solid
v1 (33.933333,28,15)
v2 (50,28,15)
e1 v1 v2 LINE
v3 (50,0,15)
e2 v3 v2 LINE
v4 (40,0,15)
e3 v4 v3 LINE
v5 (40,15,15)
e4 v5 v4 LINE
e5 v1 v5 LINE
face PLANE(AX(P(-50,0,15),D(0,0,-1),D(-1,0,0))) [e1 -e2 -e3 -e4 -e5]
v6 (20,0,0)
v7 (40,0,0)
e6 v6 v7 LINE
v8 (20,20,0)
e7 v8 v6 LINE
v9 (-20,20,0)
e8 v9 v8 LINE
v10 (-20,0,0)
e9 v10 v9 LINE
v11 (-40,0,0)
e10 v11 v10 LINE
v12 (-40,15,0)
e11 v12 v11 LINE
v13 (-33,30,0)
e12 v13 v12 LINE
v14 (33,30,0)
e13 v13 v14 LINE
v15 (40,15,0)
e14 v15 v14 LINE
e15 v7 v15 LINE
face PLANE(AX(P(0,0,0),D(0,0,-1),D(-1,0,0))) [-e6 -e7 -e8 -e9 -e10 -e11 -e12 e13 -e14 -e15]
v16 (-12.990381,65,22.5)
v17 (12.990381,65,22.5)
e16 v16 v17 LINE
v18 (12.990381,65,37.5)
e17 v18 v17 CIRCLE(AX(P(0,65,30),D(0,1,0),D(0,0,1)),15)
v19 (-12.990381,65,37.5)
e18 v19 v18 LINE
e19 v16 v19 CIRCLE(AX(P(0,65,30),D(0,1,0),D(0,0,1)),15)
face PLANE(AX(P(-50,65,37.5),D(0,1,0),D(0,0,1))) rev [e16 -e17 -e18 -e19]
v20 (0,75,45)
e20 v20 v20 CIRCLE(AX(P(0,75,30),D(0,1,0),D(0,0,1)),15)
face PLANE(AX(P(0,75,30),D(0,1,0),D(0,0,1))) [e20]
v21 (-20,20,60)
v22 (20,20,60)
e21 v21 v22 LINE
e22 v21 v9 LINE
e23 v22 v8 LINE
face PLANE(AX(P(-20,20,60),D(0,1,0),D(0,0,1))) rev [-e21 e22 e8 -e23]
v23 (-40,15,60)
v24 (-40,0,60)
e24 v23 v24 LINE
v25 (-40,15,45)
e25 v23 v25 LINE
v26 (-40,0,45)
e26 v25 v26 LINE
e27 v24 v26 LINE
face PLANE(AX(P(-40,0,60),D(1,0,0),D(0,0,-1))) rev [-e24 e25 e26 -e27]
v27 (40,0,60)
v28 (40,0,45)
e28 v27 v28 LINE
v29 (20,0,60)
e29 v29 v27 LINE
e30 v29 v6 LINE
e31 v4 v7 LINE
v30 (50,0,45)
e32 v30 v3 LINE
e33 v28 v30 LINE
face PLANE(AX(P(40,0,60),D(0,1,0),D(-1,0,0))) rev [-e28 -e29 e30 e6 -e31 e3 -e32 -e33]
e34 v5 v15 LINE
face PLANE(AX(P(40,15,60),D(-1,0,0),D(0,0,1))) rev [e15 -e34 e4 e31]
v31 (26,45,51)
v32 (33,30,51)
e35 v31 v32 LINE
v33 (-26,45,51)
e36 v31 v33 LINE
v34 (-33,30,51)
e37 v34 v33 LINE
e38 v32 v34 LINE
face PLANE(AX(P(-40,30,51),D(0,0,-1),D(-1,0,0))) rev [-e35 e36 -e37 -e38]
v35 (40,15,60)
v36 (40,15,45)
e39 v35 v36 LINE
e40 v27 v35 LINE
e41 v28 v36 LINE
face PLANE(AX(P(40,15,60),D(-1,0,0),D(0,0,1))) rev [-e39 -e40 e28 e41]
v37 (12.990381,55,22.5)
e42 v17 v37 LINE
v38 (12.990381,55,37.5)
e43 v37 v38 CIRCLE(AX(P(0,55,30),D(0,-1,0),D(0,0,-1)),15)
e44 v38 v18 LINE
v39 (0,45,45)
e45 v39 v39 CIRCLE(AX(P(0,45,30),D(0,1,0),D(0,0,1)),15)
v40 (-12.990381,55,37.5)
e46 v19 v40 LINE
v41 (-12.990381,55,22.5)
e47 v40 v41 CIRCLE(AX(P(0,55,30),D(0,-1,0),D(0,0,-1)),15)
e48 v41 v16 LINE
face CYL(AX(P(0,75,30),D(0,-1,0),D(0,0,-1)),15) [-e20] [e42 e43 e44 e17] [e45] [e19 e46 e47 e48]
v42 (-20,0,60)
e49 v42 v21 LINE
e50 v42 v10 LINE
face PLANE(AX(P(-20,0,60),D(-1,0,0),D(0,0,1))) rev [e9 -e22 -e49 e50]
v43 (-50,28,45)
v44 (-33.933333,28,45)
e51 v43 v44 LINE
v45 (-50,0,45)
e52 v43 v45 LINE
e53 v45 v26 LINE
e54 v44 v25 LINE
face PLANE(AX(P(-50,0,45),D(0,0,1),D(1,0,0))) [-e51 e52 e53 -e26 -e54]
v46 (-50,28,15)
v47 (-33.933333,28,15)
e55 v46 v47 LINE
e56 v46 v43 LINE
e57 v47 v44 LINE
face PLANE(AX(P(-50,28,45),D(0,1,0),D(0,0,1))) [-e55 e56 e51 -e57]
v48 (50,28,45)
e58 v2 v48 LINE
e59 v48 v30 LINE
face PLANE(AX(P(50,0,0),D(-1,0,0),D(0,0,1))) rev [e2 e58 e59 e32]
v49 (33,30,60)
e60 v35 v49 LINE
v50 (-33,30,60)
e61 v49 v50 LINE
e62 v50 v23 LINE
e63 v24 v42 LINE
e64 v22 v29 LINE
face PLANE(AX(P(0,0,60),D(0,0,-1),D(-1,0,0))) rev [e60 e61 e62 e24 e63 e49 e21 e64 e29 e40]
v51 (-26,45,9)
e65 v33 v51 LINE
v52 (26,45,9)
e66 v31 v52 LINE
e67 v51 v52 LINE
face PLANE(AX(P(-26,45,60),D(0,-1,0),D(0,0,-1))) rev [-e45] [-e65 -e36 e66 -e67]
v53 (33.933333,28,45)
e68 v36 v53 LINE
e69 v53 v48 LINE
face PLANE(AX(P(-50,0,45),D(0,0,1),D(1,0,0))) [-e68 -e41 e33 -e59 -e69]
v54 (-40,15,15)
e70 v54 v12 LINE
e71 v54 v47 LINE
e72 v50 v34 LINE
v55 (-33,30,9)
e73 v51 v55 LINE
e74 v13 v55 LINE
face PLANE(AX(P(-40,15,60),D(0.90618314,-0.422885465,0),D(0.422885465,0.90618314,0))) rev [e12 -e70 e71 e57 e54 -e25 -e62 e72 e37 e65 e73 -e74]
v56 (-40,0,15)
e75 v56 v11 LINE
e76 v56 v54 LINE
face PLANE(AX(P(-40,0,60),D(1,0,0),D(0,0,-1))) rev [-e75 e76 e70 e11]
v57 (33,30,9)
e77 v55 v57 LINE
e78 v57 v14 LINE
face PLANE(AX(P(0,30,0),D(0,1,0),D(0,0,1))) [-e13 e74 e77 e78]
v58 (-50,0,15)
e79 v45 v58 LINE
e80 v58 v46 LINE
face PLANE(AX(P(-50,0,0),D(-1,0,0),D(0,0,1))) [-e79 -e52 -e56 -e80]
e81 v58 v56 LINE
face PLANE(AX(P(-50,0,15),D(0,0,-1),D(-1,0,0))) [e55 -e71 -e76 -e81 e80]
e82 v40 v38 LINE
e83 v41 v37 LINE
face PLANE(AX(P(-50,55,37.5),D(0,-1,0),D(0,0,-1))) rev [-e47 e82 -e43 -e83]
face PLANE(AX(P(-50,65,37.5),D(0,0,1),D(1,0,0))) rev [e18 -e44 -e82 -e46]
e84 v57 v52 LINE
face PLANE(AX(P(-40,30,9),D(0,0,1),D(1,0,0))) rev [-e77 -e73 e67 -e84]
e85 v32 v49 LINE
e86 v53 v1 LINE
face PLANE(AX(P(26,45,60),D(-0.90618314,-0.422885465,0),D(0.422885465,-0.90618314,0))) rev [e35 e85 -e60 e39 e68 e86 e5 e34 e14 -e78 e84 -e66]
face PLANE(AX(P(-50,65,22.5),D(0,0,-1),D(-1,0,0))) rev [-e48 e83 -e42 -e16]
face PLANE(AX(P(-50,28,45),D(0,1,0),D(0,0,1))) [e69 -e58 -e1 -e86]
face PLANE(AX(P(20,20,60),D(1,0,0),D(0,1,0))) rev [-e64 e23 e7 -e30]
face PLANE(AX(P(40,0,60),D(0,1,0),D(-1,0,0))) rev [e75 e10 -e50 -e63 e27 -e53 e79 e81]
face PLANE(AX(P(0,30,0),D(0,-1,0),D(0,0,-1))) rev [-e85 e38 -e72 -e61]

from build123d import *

# Parameters (mm, degrees)
BOSS_EXTRUDE1_DEPTH      = 60
SKETCH7_W                = 80
SKETCH7_H                = 9
CUT_EXTRUDE4_DEPTH       = 15
SKETCH8_R                = 15
BOSS_EXTRUDE2_DEPTH      = 30
BOSS_EXTRUDE3_DEPTH      = 90
BOSS_EXTRUDE3_DEPTH_BACK = 10
SKETCH10_W               = 30
SKETCH10_H               = 28
SKETCH12_W               = 40
SKETCH12_H               = 20
CUT_EXTRUDE5_DEPTH       = 90
CUT_EXTRUDE6_DEPTH       = 109.282039139
CUT_EXTRUDE6_DEPTH_BACK  = 109.282039139
SKETCH13_W               = 15
SKETCH13_H               = 10


with BuildPart() as part:
    # Sketch1 → Boss-Extrude1 (new body)
    with BuildSketch(Plane.XY):
        Polygon((40, 0), (20, 0), (20, 20), (-20, 20), (-20, 0), (-40, 0), (-40, 15), (-26, 45), (26, 45), (40, 15), align=None)
    extrude(amount=BOSS_EXTRUDE1_DEPTH)

    # Sketch7 → Cut-Extrude4 (cut)
    with BuildSketch(Plane(origin=(0, 45, 0), x_dir=(1, 0, 0), z_dir=(0, 1, 0))):
        with Locations((0, -4.5)):
            Rectangle(SKETCH7_W, SKETCH7_H)
        with Locations((0, -55.5)):
            Rectangle(SKETCH7_W, SKETCH7_H)
    extrude(amount=-CUT_EXTRUDE4_DEPTH, mode=Mode.SUBTRACT)

    # Sketch8 → Boss-Extrude2 (add)
    with BuildSketch(Plane(origin=(0, 45, 0), x_dir=(1, 0, 0), z_dir=(0, 1, 0))):
        with Locations(Location((0, -30, 0), (0, 0, 270))):
            Circle(SKETCH8_R)
    extrude(amount=BOSS_EXTRUDE2_DEPTH)

    # Sketch10 → Boss-Extrude3 (add, two sides: drawn at the far end of the back side and taken through both)
    with BuildSketch(Plane(origin=(-40, 0, 0), x_dir=(0, 0, -1), z_dir=(1, 0, 0)).offset(-BOSS_EXTRUDE3_DEPTH_BACK)):
        with Locations((-30, 14)):
            Rectangle(SKETCH10_W, SKETCH10_H)
    extrude(amount=BOSS_EXTRUDE3_DEPTH + BOSS_EXTRUDE3_DEPTH_BACK)

    # Sketch12 → Cut-Extrude5 (cut)
    with BuildSketch(Plane(origin=(0, 0, 15), x_dir=(-1, 0, 0), z_dir=(0, 0, -1))):
        with Locations((0, 10)):
            Rectangle(SKETCH12_W, SKETCH12_H)
    extrude(amount=-CUT_EXTRUDE5_DEPTH, mode=Mode.SUBTRACT)

    # Sketch13 → Cut-Extrude6 (cut, two sides: drawn at the far end of the back side and taken through both)
    with BuildSketch(Plane(origin=(0, 0, 0), x_dir=(0, 0, -1), z_dir=(1, 0, 0)).offset(-CUT_EXTRUDE6_DEPTH_BACK)):
        with Locations((-30, 60)):
            Rectangle(SKETCH13_W, SKETCH13_H)
    extrude(amount=CUT_EXTRUDE6_DEPTH + CUT_EXTRUDE6_DEPTH_BACK, mode=Mode.SUBTRACT)


solid = part.part
